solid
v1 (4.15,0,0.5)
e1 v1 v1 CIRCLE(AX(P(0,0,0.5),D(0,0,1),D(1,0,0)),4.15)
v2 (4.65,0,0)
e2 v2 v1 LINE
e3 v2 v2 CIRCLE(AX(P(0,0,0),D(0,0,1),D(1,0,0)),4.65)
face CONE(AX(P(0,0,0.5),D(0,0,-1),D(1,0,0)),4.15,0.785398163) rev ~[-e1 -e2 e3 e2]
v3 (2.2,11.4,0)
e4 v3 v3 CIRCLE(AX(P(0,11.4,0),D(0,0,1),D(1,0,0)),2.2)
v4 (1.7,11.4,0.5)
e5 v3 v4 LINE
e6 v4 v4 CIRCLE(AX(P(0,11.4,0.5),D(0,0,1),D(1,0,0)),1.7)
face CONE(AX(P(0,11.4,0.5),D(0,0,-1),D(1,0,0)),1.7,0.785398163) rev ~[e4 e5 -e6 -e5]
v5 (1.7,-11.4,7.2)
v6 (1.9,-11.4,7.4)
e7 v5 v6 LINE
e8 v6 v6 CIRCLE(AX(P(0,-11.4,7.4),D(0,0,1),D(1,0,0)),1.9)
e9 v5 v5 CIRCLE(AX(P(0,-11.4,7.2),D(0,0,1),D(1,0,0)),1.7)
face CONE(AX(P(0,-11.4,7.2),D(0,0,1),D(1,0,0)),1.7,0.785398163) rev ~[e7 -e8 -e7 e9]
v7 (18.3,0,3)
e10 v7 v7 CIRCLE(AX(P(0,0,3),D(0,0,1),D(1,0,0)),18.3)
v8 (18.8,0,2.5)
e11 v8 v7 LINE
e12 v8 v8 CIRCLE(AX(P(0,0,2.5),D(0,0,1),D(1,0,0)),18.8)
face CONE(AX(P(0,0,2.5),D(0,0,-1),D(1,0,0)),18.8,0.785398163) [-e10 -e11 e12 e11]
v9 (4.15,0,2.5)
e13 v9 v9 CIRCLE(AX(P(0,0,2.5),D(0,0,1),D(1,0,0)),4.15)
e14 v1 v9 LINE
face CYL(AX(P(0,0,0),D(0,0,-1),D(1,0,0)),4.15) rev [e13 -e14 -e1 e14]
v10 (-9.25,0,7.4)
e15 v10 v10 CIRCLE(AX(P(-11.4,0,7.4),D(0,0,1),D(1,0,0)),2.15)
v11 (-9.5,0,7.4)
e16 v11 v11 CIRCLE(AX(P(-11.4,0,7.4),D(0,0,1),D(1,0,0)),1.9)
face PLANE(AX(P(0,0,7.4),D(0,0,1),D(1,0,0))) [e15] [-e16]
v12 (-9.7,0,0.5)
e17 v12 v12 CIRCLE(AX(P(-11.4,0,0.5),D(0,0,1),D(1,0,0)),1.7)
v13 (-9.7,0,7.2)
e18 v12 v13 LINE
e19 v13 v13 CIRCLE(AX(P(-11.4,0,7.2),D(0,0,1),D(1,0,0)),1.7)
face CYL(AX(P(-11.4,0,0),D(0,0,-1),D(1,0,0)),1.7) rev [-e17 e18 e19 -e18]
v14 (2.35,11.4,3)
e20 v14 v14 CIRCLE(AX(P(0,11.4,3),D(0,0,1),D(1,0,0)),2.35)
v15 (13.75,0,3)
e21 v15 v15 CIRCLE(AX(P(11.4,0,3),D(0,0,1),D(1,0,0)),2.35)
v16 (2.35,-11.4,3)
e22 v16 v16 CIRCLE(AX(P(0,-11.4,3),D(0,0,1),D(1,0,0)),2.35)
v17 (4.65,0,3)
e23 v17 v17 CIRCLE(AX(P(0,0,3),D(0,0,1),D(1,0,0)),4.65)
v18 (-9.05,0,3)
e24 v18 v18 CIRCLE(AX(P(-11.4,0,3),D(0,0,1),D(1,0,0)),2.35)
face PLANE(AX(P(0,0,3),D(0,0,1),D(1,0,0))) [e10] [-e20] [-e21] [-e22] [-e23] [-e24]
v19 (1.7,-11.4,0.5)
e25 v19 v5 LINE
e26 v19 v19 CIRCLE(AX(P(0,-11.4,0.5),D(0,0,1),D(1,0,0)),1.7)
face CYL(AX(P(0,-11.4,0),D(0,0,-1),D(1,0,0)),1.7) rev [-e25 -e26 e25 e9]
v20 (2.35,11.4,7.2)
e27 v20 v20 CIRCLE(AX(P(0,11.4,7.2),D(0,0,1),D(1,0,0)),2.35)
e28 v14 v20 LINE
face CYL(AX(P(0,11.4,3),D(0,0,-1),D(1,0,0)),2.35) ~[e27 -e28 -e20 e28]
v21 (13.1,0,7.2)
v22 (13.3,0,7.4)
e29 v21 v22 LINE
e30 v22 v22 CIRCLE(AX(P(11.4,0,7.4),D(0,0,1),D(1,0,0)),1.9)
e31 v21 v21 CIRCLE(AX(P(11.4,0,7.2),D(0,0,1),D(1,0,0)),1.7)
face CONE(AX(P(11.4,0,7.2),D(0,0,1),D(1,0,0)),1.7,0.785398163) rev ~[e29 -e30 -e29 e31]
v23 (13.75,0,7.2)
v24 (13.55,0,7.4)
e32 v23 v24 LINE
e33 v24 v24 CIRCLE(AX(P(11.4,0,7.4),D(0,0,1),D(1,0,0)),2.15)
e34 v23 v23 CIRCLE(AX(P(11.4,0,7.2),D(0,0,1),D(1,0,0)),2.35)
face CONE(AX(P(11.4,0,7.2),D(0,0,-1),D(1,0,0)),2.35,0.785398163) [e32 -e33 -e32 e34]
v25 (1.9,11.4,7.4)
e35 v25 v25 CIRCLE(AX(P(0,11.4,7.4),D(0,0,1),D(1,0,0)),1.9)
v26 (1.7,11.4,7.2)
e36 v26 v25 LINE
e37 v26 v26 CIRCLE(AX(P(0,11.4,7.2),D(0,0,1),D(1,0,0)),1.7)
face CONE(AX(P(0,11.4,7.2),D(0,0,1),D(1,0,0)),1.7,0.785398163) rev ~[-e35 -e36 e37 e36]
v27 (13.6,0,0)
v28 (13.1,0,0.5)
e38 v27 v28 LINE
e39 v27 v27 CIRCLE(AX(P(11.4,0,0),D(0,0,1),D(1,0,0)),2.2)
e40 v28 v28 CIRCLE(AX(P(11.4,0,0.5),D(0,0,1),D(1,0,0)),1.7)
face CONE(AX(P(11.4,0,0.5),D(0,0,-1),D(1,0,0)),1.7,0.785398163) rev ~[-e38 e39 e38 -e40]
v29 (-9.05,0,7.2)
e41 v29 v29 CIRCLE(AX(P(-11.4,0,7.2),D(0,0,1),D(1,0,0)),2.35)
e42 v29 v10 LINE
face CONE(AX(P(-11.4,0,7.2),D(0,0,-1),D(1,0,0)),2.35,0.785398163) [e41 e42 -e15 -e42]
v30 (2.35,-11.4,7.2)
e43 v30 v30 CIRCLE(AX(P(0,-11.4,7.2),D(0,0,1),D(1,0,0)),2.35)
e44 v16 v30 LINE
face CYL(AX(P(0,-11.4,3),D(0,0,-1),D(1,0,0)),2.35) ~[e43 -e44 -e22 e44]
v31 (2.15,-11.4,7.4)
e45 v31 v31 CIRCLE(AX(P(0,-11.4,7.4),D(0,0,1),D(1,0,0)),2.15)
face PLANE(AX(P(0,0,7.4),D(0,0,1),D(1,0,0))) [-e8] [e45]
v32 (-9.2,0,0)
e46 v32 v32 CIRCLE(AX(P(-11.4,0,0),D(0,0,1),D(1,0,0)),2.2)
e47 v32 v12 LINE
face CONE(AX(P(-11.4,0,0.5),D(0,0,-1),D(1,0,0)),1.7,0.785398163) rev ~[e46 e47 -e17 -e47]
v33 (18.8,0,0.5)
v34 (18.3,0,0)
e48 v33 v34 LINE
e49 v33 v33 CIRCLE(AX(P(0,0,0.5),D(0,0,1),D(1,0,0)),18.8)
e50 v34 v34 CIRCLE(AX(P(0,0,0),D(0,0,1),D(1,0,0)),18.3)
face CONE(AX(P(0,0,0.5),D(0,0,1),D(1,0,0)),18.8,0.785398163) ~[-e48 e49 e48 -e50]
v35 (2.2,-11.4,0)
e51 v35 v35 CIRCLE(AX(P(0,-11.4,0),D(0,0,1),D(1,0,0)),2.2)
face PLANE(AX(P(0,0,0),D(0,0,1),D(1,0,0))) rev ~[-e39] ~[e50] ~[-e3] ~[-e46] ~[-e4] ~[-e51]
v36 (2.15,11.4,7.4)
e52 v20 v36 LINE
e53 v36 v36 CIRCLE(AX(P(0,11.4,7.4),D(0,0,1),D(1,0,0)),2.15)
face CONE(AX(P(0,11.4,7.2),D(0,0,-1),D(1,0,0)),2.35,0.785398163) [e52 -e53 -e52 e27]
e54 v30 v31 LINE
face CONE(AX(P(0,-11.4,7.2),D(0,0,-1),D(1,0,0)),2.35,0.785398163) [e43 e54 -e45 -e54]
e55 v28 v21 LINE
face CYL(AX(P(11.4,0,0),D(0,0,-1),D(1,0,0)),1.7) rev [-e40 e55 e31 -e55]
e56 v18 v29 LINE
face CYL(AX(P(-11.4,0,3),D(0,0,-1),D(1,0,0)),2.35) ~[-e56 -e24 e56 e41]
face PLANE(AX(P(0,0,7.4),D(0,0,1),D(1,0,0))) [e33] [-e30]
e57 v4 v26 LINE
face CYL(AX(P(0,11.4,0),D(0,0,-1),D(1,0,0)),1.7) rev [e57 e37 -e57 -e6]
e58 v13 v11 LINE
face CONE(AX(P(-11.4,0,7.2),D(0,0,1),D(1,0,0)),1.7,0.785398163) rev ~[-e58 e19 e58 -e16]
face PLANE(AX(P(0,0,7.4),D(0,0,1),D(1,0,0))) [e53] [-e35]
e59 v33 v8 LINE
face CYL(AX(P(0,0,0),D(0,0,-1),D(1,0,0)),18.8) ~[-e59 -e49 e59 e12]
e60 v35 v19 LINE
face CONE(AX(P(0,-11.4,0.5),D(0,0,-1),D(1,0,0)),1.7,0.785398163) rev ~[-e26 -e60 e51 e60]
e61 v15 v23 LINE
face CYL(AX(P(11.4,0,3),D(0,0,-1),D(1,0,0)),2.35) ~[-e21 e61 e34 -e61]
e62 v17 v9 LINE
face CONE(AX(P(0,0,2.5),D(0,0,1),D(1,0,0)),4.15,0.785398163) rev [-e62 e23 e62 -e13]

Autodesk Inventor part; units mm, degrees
ref_plane "YZ Plane" through (0, 0, 0) normal (1, 0, 0) x (0, 1, 0)
ref_plane "XZ Plane" through (0, 0, 0) normal (0, 1, 0) x (-1, 0, 0)
ref_plane "XY Plane" through (0, 0, 0) normal (0, 0, 1) x (1, 0, 0)
sketch "Sketch1" plane through (0, 0, 0) normal (0, 0, 1) x (1, 0, 0)
  circle A0 centre (0, 0) radius 18.8
  circle A1 centre (0, 0) radius 4.15
  circle A2 centre (11.4, 0) radius 1.7
  circle A3 centre (0, 11.4) radius 1.7
  circle A4 centre (-11.4, 0) radius 1.7
  circle A5 centre (0, -11.4) radius 1.7
  dimension "d2" = 37.6
  dimension "d3" = 8.3
  dimension "d6" = 3.4
  dimension "d7" = 11.4
  dimension "d10" = 360
extrude "Extrusion1" add sketch "Sketch1" along normal blind 3
sketch "Sketch2" plane through (0, 0, 3) normal (0, 0, 1) x (1, 0, 0)
  circle A0 centre (0, 0) radius 4.15 projected
  circle A1 centre (0, -11.4) radius 1.7 projected
  circle A2 centre (-11.4, 0) radius 1.7 projected
  circle A3 centre (0, 11.4) radius 1.7 projected
  circle A4 centre (11.4, 0) radius 1.7 projected
  circle A5 centre (0, 0) radius 18.8 projected
  circle A6 centre (11.4, 0) radius 2.35
  circle A7 centre (0, 11.4) radius 2.35
  circle A8 centre (-11.4, 0) radius 2.35
  circle A9 centre (0, -11.4) radius 2.35
  dimension "d12" = 4.7
  dimension "d15" = 360
extrude "Extrusion2" add sketch "Sketch2" along normal blind 4.4 contours A6 | A7 | A8 | A9
chamfer "Chamfer1" distance 0.5 angle 45 8 edges at (-18.8, 0, 3) (-18.8, 0, 0) (-4.15, 0, 3) (-4.15, 0, 0) (-1.7, -11.4, 0) (9.7, 0, 0) (-1.7, 11.4, 0) (-13.1, 0, 0)
chamfer "Chamfer2" distance 0.2 angle 45 8 edges at (-13.75, 0, 7.4) (-13.1, 0, 7.4) (-1.7, 11.4, 7.4) (-2.35, 11.4, 7.4) (9.7, 0, 7.4) (9.05, 0, 7.4) (-1.7, -11.4, 7.4) (-2.35, -11.4, 7.4)
properties part number "Gear_Base_11.4mmD_4x_4.7mmW_3mmH_4.4mmE"
